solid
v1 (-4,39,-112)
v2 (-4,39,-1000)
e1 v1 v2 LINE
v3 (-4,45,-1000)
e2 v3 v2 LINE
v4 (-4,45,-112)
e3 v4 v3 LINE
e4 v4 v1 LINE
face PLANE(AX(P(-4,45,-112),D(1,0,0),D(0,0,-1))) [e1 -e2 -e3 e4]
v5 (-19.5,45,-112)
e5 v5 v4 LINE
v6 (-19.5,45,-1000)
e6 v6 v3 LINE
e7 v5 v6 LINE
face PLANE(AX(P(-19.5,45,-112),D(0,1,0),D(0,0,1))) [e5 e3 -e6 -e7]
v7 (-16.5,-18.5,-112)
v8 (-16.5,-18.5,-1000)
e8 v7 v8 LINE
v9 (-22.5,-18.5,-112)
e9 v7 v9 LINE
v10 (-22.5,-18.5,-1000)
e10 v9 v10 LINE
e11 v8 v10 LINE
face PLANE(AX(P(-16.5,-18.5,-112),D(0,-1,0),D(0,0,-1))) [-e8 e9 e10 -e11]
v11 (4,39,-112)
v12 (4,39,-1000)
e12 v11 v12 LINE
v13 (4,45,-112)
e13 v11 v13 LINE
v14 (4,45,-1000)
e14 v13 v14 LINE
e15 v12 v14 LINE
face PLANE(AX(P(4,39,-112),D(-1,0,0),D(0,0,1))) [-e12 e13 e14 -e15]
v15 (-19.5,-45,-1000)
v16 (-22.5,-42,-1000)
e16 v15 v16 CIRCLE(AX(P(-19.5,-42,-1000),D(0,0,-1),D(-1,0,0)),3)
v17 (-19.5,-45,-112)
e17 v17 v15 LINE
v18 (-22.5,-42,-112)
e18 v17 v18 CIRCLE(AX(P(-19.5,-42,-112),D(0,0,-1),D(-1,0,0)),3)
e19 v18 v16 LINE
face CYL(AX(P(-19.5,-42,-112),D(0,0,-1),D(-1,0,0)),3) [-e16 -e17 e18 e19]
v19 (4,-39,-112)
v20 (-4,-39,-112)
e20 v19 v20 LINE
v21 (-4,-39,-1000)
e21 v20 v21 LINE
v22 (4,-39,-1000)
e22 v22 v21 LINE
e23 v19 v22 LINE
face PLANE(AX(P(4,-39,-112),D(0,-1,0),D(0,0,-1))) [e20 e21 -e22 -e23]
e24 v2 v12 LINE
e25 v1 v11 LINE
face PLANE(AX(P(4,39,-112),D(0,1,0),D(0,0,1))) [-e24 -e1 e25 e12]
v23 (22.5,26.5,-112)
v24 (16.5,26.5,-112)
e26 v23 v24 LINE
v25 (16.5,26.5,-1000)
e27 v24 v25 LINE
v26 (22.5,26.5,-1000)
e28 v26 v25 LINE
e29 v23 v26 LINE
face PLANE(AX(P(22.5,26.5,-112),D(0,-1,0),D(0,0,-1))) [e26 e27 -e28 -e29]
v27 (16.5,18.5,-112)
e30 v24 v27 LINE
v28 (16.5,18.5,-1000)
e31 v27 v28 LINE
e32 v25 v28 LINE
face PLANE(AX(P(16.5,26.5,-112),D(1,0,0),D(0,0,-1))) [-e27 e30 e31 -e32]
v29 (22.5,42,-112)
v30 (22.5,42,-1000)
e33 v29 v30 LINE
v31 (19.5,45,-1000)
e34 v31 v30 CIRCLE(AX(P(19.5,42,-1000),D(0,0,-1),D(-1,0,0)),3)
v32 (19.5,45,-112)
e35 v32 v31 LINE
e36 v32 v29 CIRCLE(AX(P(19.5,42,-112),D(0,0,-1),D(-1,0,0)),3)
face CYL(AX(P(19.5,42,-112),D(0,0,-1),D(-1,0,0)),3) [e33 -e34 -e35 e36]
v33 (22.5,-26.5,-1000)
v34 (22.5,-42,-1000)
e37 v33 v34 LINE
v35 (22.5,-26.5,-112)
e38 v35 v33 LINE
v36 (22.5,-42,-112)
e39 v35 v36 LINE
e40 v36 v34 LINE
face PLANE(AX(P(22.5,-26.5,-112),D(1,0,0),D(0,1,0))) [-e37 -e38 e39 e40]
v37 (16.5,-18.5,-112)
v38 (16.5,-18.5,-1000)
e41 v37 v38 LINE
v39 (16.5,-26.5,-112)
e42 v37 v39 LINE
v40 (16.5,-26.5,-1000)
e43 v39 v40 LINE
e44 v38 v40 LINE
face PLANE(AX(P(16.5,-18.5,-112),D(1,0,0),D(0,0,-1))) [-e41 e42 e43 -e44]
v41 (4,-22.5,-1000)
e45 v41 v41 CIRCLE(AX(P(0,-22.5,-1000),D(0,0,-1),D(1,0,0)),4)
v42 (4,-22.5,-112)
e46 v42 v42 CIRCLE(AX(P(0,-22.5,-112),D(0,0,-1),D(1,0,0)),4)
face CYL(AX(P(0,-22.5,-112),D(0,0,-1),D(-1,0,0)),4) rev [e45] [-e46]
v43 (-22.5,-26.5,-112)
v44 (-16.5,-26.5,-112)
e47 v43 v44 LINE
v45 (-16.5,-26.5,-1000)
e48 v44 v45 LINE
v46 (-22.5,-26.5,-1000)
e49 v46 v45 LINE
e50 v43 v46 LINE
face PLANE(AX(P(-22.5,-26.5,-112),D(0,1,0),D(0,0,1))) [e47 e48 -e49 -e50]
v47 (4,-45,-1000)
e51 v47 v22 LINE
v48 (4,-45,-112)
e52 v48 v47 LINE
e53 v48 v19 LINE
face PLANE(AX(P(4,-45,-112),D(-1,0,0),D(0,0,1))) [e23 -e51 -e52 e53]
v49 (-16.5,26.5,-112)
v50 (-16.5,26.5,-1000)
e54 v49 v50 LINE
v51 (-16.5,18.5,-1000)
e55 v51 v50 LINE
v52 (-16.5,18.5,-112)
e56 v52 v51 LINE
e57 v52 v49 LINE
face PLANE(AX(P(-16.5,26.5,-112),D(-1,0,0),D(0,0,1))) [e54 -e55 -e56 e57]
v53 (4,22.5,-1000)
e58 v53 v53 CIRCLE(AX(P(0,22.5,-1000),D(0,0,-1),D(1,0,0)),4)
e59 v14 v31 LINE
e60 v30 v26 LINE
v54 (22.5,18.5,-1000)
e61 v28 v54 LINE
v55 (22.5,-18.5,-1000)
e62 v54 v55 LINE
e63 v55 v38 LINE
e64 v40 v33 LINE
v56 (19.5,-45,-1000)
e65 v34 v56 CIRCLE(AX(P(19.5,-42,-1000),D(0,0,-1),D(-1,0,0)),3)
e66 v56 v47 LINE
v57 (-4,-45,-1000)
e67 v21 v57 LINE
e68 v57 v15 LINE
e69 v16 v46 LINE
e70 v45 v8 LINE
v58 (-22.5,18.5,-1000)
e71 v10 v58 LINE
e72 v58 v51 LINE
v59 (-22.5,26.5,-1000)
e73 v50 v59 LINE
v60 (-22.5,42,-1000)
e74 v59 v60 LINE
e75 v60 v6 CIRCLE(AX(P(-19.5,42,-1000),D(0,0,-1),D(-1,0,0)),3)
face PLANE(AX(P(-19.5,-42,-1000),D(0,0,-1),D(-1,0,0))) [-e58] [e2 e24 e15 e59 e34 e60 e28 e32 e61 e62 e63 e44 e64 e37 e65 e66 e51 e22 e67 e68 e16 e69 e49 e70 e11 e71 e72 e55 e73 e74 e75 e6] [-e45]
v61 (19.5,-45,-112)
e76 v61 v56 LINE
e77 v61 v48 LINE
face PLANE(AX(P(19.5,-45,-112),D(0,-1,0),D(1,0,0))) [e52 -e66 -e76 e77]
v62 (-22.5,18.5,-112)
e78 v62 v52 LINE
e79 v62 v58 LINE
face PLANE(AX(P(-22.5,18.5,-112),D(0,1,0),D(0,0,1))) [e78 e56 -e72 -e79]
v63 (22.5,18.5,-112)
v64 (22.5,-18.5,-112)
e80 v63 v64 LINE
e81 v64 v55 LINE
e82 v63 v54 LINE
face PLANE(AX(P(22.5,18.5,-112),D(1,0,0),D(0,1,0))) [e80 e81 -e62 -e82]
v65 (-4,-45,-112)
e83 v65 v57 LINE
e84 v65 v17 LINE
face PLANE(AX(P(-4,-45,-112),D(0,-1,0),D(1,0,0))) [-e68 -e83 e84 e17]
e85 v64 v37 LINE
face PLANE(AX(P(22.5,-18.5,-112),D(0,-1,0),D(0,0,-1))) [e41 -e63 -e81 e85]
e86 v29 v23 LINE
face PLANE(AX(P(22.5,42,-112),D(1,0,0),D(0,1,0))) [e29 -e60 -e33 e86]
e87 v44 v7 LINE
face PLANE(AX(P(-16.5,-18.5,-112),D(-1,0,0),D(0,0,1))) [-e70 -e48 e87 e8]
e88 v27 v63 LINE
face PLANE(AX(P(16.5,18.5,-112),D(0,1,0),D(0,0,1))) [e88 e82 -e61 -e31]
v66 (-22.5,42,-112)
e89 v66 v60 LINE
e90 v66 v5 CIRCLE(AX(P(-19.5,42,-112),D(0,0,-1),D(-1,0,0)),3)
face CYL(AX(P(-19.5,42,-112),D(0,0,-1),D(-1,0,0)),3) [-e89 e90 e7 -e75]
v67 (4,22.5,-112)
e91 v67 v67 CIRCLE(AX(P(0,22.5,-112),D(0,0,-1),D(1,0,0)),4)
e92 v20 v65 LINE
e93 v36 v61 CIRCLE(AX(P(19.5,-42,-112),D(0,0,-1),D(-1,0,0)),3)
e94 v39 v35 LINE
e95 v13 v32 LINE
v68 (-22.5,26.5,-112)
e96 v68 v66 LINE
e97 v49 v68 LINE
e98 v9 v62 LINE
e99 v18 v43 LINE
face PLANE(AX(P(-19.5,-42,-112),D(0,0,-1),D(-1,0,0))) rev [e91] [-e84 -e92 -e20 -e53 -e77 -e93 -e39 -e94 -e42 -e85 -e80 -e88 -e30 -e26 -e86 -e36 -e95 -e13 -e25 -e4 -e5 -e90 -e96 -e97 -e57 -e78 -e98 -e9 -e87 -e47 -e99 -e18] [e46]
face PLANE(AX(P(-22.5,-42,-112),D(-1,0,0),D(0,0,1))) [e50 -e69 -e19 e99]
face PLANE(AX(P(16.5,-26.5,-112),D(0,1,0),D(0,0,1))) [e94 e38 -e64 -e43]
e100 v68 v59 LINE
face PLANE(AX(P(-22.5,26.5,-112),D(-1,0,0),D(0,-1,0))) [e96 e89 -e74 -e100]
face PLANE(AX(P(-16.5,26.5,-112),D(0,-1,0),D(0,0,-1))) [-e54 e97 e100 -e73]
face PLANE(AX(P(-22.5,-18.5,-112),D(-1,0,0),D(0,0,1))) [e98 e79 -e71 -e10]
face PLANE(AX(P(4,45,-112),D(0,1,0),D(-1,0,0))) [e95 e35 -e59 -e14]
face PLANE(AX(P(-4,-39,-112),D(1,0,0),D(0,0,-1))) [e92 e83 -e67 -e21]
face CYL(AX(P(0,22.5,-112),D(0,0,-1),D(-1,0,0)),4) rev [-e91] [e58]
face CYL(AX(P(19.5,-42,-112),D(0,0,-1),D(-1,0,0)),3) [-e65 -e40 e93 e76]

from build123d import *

# Parameters (mm, degrees)
ESQUISSE1_R        = 4
BOSS_EXTRU_1_DEPTH = 888


with BuildPart() as part:
    # Esquisse1 → Boss.-Extru.1 (new body)
    with BuildSketch(Plane(origin=(0, 0, -1000), x_dir=(-1, 0, 0), z_dir=(0, 0, -1))):
        with BuildLine():
            Line((16.5, 26.5), (22.5, 26.5))
            Line((22.5, 26.5), (22.5, 42))
            ThreePointArc((22.5, 42), (21.621320344, 44.121320344), (19.5, 45))
            Line((19.5, 45), (4, 45))
            Line((4, 45), (4, 39))
            Line((4, 39), (-4, 39))
            Line((-4, 39), (-4, 45))
            Line((-4, 45), (-19.5, 45))
            ThreePointArc((-19.5, 45), (-21.621320344, 44.121320344), (-22.5, 42))
            Line((-22.5, 42), (-22.5, 26.5))
            Line((-22.5, 26.5), (-16.5, 26.5))
            Line((-16.5, 26.5), (-16.5, 18.5))
            Line((-16.5, 18.5), (-22.5, 18.5))
            Line((-22.5, 18.5), (-22.5, -18.5))
            Line((-22.5, -18.5), (-16.5, -18.5))
            Line((-16.5, -18.5), (-16.5, -26.5))
            Line((-16.5, -26.5), (-22.5, -26.5))
            Line((-22.5, -26.5), (-22.5, -42))
            ThreePointArc((-22.5, -42), (-21.621320344, -44.121320344), (-19.5, -45))
            Line((-19.5, -45), (-4, -45))
            Line((-4, -45), (-4, -39))
            Line((-4, -39), (4, -39))
            Line((4, -39), (4, -45))
            Line((4, -45), (19.5, -45))
            ThreePointArc((19.5, -45), (21.621320344, -44.121320344), (22.5, -42))
            Line((22.5, -42), (22.5, -26.5))
            Line((22.5, -26.5), (16.5, -26.5))
            Line((16.5, -26.5), (16.5, -18.5))
            Line((16.5, -18.5), (22.5, -18.5))
            Line((22.5, -18.5), (22.5, 18.5))
            Line((22.5, 18.5), (16.5, 18.5))
            Line((16.5, 18.5), (16.5, 26.5))
        make_face()
        with Locations((0, 22.5)):
            Circle(ESQUISSE1_R, mode=Mode.SUBTRACT)
        with Locations((0, -22.5)):
            Circle(ESQUISSE1_R, mode=Mode.SUBTRACT)
    extrude(amount=-BOSS_EXTRU_1_DEPTH)


solid = part.part
